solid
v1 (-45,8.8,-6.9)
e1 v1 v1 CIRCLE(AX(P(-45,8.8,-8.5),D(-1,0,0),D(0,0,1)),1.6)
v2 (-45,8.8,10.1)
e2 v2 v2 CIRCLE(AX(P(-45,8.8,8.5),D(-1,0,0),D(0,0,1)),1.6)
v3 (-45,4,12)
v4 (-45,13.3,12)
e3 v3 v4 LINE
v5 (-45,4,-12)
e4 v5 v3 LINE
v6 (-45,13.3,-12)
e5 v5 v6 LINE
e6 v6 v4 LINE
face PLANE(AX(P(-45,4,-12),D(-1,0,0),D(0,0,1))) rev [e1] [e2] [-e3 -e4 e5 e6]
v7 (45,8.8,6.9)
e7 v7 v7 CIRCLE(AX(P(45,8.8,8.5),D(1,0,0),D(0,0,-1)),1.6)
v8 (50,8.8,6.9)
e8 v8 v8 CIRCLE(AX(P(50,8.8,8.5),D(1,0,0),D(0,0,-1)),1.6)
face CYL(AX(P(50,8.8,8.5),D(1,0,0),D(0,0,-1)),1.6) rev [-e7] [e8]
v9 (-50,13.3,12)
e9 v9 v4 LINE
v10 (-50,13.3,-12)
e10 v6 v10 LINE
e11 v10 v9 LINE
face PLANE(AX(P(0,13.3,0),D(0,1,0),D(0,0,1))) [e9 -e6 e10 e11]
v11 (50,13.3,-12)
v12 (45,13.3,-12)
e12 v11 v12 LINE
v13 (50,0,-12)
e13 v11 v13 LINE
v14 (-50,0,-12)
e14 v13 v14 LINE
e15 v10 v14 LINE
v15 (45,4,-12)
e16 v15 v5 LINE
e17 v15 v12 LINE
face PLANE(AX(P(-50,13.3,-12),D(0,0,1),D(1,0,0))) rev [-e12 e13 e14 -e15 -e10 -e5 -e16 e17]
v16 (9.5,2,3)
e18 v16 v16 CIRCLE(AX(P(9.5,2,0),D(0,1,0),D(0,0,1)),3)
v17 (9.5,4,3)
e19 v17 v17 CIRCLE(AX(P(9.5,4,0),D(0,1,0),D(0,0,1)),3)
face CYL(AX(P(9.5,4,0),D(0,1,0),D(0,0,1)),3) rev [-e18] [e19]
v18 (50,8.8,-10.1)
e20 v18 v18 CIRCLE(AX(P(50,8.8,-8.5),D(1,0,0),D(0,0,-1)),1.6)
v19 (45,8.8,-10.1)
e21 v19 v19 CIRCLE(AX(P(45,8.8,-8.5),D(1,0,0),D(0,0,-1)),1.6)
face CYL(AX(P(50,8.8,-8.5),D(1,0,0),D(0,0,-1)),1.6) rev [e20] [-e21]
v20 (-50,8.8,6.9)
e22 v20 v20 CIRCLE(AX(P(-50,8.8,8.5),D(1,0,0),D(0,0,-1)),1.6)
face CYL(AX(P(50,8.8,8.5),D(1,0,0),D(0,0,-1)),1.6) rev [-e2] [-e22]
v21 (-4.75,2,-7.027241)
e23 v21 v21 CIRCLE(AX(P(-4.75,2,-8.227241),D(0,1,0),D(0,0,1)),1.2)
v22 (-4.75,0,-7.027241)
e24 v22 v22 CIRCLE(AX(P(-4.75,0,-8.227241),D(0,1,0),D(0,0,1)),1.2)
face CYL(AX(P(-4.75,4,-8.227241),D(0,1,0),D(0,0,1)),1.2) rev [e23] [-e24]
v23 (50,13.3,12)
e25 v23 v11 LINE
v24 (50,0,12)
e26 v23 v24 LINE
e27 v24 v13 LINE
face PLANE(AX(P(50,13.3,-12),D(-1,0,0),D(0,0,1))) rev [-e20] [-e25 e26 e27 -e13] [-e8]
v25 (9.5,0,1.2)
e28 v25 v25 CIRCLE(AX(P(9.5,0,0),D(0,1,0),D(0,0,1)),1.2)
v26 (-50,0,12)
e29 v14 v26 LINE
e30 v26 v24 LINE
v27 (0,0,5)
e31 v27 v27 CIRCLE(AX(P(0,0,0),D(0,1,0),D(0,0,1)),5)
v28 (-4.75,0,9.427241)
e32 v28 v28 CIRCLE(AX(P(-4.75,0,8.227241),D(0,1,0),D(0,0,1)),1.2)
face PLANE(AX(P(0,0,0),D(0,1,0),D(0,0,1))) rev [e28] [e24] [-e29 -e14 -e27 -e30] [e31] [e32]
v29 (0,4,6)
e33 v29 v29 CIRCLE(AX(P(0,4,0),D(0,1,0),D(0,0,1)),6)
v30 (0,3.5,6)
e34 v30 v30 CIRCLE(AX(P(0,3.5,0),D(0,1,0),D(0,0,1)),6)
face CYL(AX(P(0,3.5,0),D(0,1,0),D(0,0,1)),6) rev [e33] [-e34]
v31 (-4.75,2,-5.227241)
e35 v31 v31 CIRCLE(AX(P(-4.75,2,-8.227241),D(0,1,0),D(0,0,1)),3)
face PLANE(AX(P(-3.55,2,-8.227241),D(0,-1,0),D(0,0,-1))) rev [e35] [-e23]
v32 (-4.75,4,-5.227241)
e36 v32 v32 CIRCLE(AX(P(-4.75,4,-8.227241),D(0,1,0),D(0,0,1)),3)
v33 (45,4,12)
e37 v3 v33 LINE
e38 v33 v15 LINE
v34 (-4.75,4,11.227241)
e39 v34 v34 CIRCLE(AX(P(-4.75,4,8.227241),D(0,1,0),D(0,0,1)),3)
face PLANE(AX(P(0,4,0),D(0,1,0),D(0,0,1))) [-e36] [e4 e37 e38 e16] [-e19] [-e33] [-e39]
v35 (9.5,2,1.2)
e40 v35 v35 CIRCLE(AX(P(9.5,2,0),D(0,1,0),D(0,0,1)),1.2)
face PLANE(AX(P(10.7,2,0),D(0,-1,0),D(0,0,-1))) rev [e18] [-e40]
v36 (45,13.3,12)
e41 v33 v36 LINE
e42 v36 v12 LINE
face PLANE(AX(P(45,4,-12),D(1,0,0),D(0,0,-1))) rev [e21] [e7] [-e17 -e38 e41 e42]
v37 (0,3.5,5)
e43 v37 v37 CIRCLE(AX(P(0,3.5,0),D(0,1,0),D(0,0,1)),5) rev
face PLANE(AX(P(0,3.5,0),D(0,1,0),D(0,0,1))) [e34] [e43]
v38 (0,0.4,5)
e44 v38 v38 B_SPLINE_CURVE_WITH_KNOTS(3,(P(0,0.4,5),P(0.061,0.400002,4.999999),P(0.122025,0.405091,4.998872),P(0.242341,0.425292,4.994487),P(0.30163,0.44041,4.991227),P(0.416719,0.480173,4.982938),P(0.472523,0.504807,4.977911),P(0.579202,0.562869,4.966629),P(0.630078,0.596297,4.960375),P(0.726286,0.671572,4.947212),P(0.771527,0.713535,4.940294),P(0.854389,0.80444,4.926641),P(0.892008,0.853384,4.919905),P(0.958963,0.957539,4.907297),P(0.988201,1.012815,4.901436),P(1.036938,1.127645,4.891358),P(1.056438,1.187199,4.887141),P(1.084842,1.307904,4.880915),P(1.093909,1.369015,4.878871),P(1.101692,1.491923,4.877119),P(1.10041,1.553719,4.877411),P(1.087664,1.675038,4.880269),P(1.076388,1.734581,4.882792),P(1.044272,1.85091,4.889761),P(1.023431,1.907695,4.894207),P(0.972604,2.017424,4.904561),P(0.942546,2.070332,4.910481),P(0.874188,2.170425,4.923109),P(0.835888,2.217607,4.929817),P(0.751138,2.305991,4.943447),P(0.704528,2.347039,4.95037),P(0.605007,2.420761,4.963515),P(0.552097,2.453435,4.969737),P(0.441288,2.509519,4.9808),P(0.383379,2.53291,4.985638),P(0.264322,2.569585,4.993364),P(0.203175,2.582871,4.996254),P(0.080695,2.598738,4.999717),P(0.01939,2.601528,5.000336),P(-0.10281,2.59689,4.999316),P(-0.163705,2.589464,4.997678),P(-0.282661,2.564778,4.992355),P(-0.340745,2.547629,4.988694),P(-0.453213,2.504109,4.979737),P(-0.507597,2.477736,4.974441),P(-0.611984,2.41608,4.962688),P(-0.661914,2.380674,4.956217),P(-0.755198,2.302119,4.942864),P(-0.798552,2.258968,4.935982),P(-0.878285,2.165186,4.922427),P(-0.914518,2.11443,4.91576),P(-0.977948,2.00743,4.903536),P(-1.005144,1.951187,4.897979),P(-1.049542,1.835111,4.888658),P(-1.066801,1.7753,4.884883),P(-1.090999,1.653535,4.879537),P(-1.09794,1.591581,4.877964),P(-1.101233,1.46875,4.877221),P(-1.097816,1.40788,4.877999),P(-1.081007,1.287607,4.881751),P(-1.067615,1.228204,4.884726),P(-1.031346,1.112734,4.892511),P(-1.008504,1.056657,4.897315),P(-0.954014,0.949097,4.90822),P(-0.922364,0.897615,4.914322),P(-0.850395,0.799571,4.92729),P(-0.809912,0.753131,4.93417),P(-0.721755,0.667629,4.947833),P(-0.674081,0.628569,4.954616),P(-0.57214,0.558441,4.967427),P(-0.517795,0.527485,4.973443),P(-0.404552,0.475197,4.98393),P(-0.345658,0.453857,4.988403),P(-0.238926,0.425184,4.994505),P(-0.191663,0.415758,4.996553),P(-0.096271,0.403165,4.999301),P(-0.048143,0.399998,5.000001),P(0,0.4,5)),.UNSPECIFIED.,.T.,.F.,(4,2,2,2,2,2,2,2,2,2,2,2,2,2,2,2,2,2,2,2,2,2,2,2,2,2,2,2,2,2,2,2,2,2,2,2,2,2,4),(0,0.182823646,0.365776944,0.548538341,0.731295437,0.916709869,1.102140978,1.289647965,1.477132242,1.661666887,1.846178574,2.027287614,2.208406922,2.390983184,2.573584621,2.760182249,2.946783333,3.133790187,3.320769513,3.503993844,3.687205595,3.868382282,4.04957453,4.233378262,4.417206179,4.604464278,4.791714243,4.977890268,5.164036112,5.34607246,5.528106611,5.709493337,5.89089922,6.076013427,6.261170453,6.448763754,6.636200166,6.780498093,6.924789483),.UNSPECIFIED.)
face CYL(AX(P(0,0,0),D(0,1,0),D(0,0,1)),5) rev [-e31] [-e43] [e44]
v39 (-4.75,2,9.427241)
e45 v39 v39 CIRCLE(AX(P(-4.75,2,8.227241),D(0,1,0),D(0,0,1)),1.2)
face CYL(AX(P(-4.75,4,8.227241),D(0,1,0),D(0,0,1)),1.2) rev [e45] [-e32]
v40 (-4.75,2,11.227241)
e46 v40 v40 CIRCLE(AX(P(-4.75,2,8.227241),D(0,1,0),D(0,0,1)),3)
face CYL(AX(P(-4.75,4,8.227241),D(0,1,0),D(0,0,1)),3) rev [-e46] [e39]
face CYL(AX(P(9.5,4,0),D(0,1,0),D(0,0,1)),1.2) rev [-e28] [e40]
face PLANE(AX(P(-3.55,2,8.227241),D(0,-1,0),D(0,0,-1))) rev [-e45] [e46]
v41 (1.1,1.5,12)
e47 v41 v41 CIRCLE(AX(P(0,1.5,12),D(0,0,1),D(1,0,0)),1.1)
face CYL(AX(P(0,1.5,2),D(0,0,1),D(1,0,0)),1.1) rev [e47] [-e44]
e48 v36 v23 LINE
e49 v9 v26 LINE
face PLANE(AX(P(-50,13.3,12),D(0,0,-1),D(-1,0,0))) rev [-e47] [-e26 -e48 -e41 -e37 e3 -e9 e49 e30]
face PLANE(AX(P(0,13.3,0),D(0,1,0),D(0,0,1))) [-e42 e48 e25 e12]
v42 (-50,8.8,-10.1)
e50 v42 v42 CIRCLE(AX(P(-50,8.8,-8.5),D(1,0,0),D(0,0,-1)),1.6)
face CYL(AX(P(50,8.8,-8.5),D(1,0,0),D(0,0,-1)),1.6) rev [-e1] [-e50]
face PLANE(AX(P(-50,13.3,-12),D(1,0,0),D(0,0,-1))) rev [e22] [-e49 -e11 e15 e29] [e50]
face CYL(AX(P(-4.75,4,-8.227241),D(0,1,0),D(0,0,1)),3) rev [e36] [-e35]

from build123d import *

# Parameters (mm, degrees)
SKETCH_1_W                   = 100
SKETCH_1_H                   = 24
EXTRUDE_1_DEPTH              = 13.3
SKETCH_2_W                   = 90
SKETCH_2_H                   = 24
CUT_EXTRUDE_1_DEPTH          = 9.3
HOLE_WIZARD_3_2_3_2_1_D      = 3.2
SKETCH_5_R                   = 5
CUT_EXTRUDE_2_DEPTH          = 53.254090749
SKETCH_6_R                   = 6
CUT_EXTRUDE_3_DEPTH          = 0.5
HOLE_WIZARD_M2_1_D           = 2.4
HOLE_WIZARD_M2_1_CBORE_D     = 6
HOLE_WIZARD_M2_1_CBORE_DEPTH = 2
PATTERN_CIRCULAR_1_COUNT     = 3
SKETCH_9_R                   = 1.1
CUT_EXTRUDE_4_DEPTH          = 10


with BuildPart() as part:
    # 草图1 → 凸台-拉伸1 (new body)
    with BuildSketch(Plane(origin=(0, 0, 0), x_dir=(1, 0, 0), z_dir=(0, 1, 0))):
        Rectangle(SKETCH_1_W, SKETCH_1_H)
    extrude(amount=EXTRUDE_1_DEPTH)

    # 草图2 → 切除-拉伸1 (cut)
    with BuildSketch(Plane(origin=(0, 13.3, 0), x_dir=(1, 0, 0), z_dir=(0, 1, 0))):
        Rectangle(SKETCH_2_W, SKETCH_2_H)
    extrude(amount=-CUT_EXTRUDE_1_DEPTH, mode=Mode.SUBTRACT)

    # Ø3.2 (3.2) 直径孔1 (through all)
    with Locations(Plane(origin=(50, 0, 0), x_dir=(0, 0, -1), z_dir=(1, 0, 0))):
        with Locations((8.5, 8.8), (-8.5, 8.8)):
            Hole(HOLE_WIZARD_3_2_3_2_1_D / 2)

    # 草图5 → 切除-拉伸2 (cut, through all)
    with BuildSketch(Plane(origin=(0, 4, 0), x_dir=(1, 0, 0), z_dir=(0, 1, 0))):
        with Locations(Location((0, 0, 0), (0, 0, 270))):
            Circle(SKETCH_5_R)
    extrude(amount=-CUT_EXTRUDE_2_DEPTH, mode=Mode.SUBTRACT)

    # 草图6 → 切除-拉伸3 (cut)
    with BuildSketch(Plane(origin=(0, 4, 0), x_dir=(1, 0, 0), z_dir=(0, 1, 0))):
        with Locations(Location((0, 0, 0), (0, 0, 270))):
            Circle(SKETCH_6_R)
    extrude(amount=-CUT_EXTRUDE_3_DEPTH, mode=Mode.SUBTRACT)

    # M2 六角头螺栓的柱形沉头孔1 (through all)
    with Locations(Plane(origin=(0, 4, 0), x_dir=(1, 0, 0), z_dir=(0, 1, 0))):
        with Locations((9.5, 0)):
            hole_wizard_m2_1 = CounterBoreHole(HOLE_WIZARD_M2_1_D / 2, HOLE_WIZARD_M2_1_CBORE_D / 2, HOLE_WIZARD_M2_1_CBORE_DEPTH)

    # 阵列(圆周)1: M2 六角头螺栓的柱形沉头孔1 ×3 about axis
    pattern_circular_1_axis = Axis((0, 0, 0), (0, 1, 0))
    for i in range(1, PATTERN_CIRCULAR_1_COUNT):
        add(hole_wizard_m2_1.rotate(pattern_circular_1_axis, i * 360 / PATTERN_CIRCULAR_1_COUNT), mode=Mode.SUBTRACT)

    # 草图9 → 切除-拉伸4 (cut)
    with BuildSketch(Plane.XY.offset(12)):
        with Locations((0, 1.5)):
            Circle(SKETCH_9_R)
    extrude(amount=-CUT_EXTRUDE_4_DEPTH, mode=Mode.SUBTRACT)


solid = part.part
